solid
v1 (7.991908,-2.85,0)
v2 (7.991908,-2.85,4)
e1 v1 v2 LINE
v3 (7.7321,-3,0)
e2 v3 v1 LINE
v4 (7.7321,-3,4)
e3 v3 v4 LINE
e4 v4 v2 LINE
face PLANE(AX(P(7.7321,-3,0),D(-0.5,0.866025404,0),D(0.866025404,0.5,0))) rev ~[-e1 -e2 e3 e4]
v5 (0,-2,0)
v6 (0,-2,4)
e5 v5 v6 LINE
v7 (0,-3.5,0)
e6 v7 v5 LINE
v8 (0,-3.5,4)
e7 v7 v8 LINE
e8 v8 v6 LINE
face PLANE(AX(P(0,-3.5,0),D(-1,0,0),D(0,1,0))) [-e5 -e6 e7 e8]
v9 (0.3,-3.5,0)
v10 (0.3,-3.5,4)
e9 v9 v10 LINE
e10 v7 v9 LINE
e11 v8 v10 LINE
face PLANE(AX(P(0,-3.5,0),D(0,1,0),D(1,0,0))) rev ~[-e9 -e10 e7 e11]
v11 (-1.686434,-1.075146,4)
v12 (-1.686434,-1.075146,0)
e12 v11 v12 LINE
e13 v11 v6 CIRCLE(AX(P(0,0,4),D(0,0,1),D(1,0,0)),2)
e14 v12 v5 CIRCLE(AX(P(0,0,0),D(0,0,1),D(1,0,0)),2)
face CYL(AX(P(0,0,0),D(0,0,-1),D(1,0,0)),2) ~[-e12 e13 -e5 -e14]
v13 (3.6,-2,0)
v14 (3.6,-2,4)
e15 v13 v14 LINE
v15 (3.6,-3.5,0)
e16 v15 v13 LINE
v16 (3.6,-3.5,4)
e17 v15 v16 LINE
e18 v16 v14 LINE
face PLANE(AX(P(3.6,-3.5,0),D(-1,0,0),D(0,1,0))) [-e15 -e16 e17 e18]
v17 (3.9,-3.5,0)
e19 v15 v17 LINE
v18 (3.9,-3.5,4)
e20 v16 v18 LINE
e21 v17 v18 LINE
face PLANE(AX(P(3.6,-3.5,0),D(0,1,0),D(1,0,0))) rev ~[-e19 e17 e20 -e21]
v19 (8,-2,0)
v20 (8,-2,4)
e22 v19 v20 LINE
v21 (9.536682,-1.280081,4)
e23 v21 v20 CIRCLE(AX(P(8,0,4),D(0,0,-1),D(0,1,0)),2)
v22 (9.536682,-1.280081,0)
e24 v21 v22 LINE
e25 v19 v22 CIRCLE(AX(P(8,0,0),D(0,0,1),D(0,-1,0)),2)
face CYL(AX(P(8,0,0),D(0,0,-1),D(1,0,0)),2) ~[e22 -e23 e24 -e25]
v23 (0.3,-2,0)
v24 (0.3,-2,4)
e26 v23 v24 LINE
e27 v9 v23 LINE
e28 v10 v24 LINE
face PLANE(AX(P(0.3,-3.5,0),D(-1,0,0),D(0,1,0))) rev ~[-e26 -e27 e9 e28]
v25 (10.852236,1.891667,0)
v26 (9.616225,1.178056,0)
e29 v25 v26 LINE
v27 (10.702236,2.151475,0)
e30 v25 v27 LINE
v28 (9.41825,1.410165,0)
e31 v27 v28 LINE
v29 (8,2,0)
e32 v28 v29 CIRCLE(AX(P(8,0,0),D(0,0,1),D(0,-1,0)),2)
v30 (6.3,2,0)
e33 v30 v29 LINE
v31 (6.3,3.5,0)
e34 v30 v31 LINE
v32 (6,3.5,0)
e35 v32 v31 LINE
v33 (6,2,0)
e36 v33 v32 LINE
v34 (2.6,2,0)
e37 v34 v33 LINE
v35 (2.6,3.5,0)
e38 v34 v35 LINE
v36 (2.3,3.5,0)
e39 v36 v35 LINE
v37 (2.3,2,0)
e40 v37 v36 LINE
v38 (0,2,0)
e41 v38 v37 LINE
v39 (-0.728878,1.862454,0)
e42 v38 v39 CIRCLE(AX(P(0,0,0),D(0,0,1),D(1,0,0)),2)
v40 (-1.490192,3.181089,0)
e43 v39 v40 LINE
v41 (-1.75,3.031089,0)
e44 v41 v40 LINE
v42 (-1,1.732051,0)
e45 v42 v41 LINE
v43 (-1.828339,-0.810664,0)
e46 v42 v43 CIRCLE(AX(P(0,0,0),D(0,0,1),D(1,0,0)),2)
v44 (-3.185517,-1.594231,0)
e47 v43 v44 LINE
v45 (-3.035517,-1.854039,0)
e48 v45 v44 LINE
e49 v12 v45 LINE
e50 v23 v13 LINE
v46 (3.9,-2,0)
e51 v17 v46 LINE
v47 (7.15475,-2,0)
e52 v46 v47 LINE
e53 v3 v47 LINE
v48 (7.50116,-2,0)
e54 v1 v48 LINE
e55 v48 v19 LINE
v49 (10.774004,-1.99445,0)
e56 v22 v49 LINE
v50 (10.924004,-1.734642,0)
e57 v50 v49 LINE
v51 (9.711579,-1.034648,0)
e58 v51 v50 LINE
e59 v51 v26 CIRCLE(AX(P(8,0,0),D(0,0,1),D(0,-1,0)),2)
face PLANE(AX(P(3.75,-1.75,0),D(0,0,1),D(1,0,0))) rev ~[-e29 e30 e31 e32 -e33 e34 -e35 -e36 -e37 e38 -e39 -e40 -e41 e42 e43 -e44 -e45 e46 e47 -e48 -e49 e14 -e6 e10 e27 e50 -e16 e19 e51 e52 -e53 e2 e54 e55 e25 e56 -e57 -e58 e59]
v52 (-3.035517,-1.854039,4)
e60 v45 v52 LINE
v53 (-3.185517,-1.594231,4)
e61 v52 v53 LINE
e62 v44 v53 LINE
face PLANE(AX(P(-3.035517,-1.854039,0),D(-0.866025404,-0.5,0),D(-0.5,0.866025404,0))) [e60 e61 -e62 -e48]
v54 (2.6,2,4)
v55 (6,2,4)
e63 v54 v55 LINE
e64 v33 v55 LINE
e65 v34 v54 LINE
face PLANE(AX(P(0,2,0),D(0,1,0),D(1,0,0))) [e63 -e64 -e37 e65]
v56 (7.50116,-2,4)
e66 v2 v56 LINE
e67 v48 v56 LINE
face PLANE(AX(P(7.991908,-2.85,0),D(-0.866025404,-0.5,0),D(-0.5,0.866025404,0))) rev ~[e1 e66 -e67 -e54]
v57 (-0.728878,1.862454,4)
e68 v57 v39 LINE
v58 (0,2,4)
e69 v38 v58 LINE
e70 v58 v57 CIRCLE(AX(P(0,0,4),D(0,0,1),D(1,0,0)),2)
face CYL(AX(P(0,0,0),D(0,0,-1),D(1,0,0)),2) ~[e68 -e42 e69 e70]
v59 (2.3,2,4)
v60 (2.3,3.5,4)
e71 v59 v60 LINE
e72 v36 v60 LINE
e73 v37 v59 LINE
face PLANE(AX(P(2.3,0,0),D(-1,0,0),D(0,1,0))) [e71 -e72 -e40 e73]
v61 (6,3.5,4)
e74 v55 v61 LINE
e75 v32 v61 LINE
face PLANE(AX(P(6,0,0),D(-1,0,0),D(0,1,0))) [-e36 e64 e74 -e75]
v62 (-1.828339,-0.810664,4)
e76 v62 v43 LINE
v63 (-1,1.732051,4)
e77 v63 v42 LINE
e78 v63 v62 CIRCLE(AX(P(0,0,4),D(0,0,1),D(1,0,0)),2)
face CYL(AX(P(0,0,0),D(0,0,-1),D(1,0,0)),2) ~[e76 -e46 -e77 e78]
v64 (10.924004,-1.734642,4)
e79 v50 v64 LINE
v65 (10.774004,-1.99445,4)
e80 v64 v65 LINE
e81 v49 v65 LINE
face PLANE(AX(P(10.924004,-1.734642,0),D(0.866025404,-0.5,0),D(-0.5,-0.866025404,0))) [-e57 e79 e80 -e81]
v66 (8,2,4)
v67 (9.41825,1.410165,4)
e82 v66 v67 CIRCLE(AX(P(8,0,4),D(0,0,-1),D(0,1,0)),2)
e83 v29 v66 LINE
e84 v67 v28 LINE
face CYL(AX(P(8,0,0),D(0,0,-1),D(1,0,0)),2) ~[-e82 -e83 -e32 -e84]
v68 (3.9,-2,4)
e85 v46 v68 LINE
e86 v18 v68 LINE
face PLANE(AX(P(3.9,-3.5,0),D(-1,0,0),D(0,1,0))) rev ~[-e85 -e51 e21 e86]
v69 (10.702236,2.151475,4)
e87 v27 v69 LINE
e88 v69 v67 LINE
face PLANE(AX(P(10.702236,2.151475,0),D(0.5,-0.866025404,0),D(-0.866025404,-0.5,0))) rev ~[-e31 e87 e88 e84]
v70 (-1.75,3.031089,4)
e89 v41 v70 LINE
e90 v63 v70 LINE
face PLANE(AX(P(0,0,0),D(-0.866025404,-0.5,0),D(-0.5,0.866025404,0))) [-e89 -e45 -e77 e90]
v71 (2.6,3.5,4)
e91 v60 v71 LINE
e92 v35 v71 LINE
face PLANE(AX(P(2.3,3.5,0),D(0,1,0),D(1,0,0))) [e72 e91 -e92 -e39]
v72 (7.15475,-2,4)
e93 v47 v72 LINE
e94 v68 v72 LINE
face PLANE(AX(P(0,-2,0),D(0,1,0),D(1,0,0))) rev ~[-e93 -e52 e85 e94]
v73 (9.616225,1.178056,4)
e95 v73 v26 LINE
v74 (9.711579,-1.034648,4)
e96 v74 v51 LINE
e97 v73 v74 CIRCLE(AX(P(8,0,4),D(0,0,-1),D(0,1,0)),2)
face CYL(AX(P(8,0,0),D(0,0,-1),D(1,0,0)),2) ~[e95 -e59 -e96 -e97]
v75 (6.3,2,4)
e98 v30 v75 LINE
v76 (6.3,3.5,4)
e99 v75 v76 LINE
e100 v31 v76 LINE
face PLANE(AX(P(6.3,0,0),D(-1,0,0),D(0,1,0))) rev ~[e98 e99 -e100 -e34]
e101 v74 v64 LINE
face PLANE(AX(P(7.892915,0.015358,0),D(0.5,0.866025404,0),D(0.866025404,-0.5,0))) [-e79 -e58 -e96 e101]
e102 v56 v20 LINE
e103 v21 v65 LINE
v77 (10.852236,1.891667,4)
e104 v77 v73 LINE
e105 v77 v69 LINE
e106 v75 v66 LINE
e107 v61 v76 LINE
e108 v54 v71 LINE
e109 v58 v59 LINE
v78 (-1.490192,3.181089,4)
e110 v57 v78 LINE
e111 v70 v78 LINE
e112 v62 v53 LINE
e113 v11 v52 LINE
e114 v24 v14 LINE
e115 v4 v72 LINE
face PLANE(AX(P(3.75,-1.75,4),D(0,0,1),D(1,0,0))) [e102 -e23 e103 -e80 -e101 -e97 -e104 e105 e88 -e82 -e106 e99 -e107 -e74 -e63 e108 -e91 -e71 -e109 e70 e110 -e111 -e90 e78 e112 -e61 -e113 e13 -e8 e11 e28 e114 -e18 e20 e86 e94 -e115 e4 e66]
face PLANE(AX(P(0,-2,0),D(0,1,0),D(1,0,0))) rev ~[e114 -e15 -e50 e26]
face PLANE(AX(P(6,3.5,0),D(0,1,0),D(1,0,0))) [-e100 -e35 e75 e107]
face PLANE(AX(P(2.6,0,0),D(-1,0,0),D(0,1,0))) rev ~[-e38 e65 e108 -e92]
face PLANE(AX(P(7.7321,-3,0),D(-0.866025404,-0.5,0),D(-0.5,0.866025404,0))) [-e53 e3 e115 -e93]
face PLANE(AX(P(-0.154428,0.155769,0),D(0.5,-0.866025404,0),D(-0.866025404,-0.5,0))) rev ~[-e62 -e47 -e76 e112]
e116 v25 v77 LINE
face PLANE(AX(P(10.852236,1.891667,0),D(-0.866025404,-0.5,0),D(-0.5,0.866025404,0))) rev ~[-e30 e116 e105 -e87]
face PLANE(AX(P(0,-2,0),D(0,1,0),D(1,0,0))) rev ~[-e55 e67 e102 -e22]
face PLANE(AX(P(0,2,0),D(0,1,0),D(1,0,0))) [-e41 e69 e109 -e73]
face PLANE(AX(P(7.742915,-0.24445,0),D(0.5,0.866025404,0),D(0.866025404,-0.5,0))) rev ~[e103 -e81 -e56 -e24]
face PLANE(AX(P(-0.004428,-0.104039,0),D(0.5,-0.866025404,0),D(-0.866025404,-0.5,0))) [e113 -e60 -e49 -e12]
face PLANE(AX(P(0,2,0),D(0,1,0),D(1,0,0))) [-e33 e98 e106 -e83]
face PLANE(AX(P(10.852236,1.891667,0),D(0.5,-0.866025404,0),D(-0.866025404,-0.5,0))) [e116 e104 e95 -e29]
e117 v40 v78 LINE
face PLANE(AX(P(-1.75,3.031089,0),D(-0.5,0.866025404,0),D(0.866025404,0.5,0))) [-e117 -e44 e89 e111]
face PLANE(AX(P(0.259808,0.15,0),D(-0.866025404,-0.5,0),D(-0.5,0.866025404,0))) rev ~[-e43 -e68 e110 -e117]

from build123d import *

# Parameters (mm, degrees)
BOX018_W               = 0.3
BOX018_H               = 3.5
BOX018_DEPTH           = 4
BOX018_PLACEMENT_ANGLE = 120
BOX017_W               = 0.3
BOX017_H               = 3.5
BOX017_DEPTH           = 4
BOX017_PLACEMENT_ANGLE = 120
BOX016_W               = 0.3
BOX016_H               = 3.5
BOX016_DEPTH           = 4
BOX016_PLACEMENT_ANGLE = 120
BOX014_W               = 0.3
BOX014_H               = 3.5
BOX014_DEPTH           = 4
BOX003_W               = 0.3
BOX003_H               = 3.5
BOX003_DEPTH           = 4
BOX003_PLACEMENT_ANGLE = 30
BOX001_W               = 0.3
BOX001_H               = 3.5
BOX001_DEPTH           = 4
BOX001_PLACEMENT_ANGLE = 30
BOX002_W               = 0.3
BOX002_H               = 3.5
BOX002_DEPTH           = 4
BOX015_W               = 0.3
BOX015_H               = 3.5
BOX015_DEPTH           = 4
BOX004_W               = 0.3
BOX004_H               = 3.5
BOX004_DEPTH           = 4
BOX_W                  = 8
BOX_H                  = 4
BOX_DEPTH              = 4
CYLINDER001_R          = 2
CYLINDER001_DEPTH      = 4
CYLINDER_R             = 2
CYLINDER_DEPTH         = 4


with BuildPart() as cube018:
    # Box018 → Box018 (new body)
    with BuildSketch(Plane.XY):
        with Locations((0.15, 1.75)):
            Rectangle(BOX018_W, BOX018_H)
    extrude(amount=BOX018_DEPTH)


with BuildPart() as cube018_1:
    # Box018 placement: moved
    add(cube018.part.moved(Location((7.892915, 0.015358, 0))).rotate(Axis((7.892915, 0.015358, 0), (0, 0, -1)), BOX018_PLACEMENT_ANGLE))


with BuildPart() as cube017:
    # Box017 → Box017 (new body)
    with BuildSketch(Plane.XY):
        with Locations((0.15, 1.75)):
            Rectangle(BOX017_W, BOX017_H)
    extrude(amount=BOX017_DEPTH)


with BuildPart() as cube017_1:
    # Box017 placement: moved
    add(cube017.part.moved(Location((10.852236, 1.891667, 0))).rotate(Axis((10.852236, 1.891667, 0), (0, 0, 1)), BOX017_PLACEMENT_ANGLE))


with BuildPart() as cube016:
    # Box016 → Box016 (new body)
    with BuildSketch(Plane.XY):
        with Locations((0.15, 1.75)):
            Rectangle(BOX016_W, BOX016_H)
    extrude(amount=BOX016_DEPTH)


with BuildPart() as cube016_1:
    # Box016 placement: moved
    add(cube016.part.moved(Location((-0.004428, -0.104039, 0))).rotate(Axis((-0.004428, -0.104039, 0), (0, 0, 1)), BOX016_PLACEMENT_ANGLE))


with BuildPart() as cube014:
    # Box014 → Box014 (new body)
    with BuildSketch(Plane(origin=(2.3, 0, 0), x_dir=(1, 0, 0), z_dir=(0, 0, 1))):
        with Locations((0.15, 1.75)):
            Rectangle(BOX014_W, BOX014_H)
    extrude(amount=BOX014_DEPTH)


with BuildPart() as cube003:
    # Box003 → Box003 (new body)
    with BuildSketch(Plane.XY):
        with Locations((0.15, 1.75)):
            Rectangle(BOX003_W, BOX003_H)
    extrude(amount=BOX003_DEPTH)


with BuildPart() as cube003_1:
    # Box003 placement: moved
    add(cube003.part.moved(Location((7.7321, -3, 0))).rotate(Axis((7.7321, -3, 0), (0, 0, 1)), BOX003_PLACEMENT_ANGLE))


with BuildPart() as cube001:
    # Box001 → Box001 (new body)
    with BuildSketch(Plane.XY):
        with Locations((0.15, 1.75)):
            Rectangle(BOX001_W, BOX001_H)
    extrude(amount=BOX001_DEPTH)


with BuildPart() as cube001_1:
    # Box001 placement: moved
    add(cube001.part.rotate(Axis((0, 0, 0), (0, 0, 1)), BOX001_PLACEMENT_ANGLE))


with BuildPart() as cube002:
    # Box002 → Box002 (new body)
    with BuildSketch(Plane(origin=(6, 0, 0), x_dir=(1, 0, 0), z_dir=(0, 0, 1))):
        with Locations((0.15, 1.75)):
            Rectangle(BOX002_W, BOX002_H)
    extrude(amount=BOX002_DEPTH)


with BuildPart() as cube015:
    # Box015 → Box015 (new body)
    with BuildSketch(Plane(origin=(3.6, -3.5, 0), x_dir=(1, 0, 0), z_dir=(0, 0, 1))):
        with Locations((0.15, 1.75)):
            Rectangle(BOX015_W, BOX015_H)
    extrude(amount=BOX015_DEPTH)


with BuildPart() as fusion008:
    # Box004 → Box004 (new body)
    with BuildSketch(Plane(origin=(0, -3.5, 0), x_dir=(1, 0, 0), z_dir=(0, 0, 1))):
        with Locations((0.15, 1.75)):
            Rectangle(BOX004_W, BOX004_H)
    extrude(amount=BOX004_DEPTH)

    # Fusion008: union Cube018, Cube017, Cube016, Cube014, Cube003, Cube001, Cube002, Cube015
    add(cube018_1.part)
    add(cube017_1.part)
    add(cube016_1.part)
    add(cube014.part)
    add(cube003_1.part)
    add(cube001_1.part)
    add(cube002.part)
    add(cube015.part)


with BuildPart() as cube:
    # Box → Box (new body)
    with BuildSketch(Plane(origin=(0, -2, 0), x_dir=(1, 0, 0), z_dir=(0, 0, 1))):
        with Locations((4, 2)):
            Rectangle(BOX_W, BOX_H)
    extrude(amount=BOX_DEPTH)


with BuildPart() as cylinder001:
    # Cylinder001 → Cylinder001 (new body)
    with BuildSketch(Plane(origin=(8, 0, 0), x_dir=(1, 0, 0), z_dir=(0, 0, 1))):
        Circle(CYLINDER001_R)
    extrude(amount=CYLINDER001_DEPTH)


with BuildPart() as fusion014:
    # Cylinder → Cylinder (new body)
    with BuildSketch(Plane.XY):
        Circle(CYLINDER_R)
    extrude(amount=CYLINDER_DEPTH)

    # Fusion: union Cube, Cylinder001
    add(cube.part)
    add(cylinder001.part)

    # Fusion014: union Fusion008
    add(fusion008.part)


solid = fusion014.part
